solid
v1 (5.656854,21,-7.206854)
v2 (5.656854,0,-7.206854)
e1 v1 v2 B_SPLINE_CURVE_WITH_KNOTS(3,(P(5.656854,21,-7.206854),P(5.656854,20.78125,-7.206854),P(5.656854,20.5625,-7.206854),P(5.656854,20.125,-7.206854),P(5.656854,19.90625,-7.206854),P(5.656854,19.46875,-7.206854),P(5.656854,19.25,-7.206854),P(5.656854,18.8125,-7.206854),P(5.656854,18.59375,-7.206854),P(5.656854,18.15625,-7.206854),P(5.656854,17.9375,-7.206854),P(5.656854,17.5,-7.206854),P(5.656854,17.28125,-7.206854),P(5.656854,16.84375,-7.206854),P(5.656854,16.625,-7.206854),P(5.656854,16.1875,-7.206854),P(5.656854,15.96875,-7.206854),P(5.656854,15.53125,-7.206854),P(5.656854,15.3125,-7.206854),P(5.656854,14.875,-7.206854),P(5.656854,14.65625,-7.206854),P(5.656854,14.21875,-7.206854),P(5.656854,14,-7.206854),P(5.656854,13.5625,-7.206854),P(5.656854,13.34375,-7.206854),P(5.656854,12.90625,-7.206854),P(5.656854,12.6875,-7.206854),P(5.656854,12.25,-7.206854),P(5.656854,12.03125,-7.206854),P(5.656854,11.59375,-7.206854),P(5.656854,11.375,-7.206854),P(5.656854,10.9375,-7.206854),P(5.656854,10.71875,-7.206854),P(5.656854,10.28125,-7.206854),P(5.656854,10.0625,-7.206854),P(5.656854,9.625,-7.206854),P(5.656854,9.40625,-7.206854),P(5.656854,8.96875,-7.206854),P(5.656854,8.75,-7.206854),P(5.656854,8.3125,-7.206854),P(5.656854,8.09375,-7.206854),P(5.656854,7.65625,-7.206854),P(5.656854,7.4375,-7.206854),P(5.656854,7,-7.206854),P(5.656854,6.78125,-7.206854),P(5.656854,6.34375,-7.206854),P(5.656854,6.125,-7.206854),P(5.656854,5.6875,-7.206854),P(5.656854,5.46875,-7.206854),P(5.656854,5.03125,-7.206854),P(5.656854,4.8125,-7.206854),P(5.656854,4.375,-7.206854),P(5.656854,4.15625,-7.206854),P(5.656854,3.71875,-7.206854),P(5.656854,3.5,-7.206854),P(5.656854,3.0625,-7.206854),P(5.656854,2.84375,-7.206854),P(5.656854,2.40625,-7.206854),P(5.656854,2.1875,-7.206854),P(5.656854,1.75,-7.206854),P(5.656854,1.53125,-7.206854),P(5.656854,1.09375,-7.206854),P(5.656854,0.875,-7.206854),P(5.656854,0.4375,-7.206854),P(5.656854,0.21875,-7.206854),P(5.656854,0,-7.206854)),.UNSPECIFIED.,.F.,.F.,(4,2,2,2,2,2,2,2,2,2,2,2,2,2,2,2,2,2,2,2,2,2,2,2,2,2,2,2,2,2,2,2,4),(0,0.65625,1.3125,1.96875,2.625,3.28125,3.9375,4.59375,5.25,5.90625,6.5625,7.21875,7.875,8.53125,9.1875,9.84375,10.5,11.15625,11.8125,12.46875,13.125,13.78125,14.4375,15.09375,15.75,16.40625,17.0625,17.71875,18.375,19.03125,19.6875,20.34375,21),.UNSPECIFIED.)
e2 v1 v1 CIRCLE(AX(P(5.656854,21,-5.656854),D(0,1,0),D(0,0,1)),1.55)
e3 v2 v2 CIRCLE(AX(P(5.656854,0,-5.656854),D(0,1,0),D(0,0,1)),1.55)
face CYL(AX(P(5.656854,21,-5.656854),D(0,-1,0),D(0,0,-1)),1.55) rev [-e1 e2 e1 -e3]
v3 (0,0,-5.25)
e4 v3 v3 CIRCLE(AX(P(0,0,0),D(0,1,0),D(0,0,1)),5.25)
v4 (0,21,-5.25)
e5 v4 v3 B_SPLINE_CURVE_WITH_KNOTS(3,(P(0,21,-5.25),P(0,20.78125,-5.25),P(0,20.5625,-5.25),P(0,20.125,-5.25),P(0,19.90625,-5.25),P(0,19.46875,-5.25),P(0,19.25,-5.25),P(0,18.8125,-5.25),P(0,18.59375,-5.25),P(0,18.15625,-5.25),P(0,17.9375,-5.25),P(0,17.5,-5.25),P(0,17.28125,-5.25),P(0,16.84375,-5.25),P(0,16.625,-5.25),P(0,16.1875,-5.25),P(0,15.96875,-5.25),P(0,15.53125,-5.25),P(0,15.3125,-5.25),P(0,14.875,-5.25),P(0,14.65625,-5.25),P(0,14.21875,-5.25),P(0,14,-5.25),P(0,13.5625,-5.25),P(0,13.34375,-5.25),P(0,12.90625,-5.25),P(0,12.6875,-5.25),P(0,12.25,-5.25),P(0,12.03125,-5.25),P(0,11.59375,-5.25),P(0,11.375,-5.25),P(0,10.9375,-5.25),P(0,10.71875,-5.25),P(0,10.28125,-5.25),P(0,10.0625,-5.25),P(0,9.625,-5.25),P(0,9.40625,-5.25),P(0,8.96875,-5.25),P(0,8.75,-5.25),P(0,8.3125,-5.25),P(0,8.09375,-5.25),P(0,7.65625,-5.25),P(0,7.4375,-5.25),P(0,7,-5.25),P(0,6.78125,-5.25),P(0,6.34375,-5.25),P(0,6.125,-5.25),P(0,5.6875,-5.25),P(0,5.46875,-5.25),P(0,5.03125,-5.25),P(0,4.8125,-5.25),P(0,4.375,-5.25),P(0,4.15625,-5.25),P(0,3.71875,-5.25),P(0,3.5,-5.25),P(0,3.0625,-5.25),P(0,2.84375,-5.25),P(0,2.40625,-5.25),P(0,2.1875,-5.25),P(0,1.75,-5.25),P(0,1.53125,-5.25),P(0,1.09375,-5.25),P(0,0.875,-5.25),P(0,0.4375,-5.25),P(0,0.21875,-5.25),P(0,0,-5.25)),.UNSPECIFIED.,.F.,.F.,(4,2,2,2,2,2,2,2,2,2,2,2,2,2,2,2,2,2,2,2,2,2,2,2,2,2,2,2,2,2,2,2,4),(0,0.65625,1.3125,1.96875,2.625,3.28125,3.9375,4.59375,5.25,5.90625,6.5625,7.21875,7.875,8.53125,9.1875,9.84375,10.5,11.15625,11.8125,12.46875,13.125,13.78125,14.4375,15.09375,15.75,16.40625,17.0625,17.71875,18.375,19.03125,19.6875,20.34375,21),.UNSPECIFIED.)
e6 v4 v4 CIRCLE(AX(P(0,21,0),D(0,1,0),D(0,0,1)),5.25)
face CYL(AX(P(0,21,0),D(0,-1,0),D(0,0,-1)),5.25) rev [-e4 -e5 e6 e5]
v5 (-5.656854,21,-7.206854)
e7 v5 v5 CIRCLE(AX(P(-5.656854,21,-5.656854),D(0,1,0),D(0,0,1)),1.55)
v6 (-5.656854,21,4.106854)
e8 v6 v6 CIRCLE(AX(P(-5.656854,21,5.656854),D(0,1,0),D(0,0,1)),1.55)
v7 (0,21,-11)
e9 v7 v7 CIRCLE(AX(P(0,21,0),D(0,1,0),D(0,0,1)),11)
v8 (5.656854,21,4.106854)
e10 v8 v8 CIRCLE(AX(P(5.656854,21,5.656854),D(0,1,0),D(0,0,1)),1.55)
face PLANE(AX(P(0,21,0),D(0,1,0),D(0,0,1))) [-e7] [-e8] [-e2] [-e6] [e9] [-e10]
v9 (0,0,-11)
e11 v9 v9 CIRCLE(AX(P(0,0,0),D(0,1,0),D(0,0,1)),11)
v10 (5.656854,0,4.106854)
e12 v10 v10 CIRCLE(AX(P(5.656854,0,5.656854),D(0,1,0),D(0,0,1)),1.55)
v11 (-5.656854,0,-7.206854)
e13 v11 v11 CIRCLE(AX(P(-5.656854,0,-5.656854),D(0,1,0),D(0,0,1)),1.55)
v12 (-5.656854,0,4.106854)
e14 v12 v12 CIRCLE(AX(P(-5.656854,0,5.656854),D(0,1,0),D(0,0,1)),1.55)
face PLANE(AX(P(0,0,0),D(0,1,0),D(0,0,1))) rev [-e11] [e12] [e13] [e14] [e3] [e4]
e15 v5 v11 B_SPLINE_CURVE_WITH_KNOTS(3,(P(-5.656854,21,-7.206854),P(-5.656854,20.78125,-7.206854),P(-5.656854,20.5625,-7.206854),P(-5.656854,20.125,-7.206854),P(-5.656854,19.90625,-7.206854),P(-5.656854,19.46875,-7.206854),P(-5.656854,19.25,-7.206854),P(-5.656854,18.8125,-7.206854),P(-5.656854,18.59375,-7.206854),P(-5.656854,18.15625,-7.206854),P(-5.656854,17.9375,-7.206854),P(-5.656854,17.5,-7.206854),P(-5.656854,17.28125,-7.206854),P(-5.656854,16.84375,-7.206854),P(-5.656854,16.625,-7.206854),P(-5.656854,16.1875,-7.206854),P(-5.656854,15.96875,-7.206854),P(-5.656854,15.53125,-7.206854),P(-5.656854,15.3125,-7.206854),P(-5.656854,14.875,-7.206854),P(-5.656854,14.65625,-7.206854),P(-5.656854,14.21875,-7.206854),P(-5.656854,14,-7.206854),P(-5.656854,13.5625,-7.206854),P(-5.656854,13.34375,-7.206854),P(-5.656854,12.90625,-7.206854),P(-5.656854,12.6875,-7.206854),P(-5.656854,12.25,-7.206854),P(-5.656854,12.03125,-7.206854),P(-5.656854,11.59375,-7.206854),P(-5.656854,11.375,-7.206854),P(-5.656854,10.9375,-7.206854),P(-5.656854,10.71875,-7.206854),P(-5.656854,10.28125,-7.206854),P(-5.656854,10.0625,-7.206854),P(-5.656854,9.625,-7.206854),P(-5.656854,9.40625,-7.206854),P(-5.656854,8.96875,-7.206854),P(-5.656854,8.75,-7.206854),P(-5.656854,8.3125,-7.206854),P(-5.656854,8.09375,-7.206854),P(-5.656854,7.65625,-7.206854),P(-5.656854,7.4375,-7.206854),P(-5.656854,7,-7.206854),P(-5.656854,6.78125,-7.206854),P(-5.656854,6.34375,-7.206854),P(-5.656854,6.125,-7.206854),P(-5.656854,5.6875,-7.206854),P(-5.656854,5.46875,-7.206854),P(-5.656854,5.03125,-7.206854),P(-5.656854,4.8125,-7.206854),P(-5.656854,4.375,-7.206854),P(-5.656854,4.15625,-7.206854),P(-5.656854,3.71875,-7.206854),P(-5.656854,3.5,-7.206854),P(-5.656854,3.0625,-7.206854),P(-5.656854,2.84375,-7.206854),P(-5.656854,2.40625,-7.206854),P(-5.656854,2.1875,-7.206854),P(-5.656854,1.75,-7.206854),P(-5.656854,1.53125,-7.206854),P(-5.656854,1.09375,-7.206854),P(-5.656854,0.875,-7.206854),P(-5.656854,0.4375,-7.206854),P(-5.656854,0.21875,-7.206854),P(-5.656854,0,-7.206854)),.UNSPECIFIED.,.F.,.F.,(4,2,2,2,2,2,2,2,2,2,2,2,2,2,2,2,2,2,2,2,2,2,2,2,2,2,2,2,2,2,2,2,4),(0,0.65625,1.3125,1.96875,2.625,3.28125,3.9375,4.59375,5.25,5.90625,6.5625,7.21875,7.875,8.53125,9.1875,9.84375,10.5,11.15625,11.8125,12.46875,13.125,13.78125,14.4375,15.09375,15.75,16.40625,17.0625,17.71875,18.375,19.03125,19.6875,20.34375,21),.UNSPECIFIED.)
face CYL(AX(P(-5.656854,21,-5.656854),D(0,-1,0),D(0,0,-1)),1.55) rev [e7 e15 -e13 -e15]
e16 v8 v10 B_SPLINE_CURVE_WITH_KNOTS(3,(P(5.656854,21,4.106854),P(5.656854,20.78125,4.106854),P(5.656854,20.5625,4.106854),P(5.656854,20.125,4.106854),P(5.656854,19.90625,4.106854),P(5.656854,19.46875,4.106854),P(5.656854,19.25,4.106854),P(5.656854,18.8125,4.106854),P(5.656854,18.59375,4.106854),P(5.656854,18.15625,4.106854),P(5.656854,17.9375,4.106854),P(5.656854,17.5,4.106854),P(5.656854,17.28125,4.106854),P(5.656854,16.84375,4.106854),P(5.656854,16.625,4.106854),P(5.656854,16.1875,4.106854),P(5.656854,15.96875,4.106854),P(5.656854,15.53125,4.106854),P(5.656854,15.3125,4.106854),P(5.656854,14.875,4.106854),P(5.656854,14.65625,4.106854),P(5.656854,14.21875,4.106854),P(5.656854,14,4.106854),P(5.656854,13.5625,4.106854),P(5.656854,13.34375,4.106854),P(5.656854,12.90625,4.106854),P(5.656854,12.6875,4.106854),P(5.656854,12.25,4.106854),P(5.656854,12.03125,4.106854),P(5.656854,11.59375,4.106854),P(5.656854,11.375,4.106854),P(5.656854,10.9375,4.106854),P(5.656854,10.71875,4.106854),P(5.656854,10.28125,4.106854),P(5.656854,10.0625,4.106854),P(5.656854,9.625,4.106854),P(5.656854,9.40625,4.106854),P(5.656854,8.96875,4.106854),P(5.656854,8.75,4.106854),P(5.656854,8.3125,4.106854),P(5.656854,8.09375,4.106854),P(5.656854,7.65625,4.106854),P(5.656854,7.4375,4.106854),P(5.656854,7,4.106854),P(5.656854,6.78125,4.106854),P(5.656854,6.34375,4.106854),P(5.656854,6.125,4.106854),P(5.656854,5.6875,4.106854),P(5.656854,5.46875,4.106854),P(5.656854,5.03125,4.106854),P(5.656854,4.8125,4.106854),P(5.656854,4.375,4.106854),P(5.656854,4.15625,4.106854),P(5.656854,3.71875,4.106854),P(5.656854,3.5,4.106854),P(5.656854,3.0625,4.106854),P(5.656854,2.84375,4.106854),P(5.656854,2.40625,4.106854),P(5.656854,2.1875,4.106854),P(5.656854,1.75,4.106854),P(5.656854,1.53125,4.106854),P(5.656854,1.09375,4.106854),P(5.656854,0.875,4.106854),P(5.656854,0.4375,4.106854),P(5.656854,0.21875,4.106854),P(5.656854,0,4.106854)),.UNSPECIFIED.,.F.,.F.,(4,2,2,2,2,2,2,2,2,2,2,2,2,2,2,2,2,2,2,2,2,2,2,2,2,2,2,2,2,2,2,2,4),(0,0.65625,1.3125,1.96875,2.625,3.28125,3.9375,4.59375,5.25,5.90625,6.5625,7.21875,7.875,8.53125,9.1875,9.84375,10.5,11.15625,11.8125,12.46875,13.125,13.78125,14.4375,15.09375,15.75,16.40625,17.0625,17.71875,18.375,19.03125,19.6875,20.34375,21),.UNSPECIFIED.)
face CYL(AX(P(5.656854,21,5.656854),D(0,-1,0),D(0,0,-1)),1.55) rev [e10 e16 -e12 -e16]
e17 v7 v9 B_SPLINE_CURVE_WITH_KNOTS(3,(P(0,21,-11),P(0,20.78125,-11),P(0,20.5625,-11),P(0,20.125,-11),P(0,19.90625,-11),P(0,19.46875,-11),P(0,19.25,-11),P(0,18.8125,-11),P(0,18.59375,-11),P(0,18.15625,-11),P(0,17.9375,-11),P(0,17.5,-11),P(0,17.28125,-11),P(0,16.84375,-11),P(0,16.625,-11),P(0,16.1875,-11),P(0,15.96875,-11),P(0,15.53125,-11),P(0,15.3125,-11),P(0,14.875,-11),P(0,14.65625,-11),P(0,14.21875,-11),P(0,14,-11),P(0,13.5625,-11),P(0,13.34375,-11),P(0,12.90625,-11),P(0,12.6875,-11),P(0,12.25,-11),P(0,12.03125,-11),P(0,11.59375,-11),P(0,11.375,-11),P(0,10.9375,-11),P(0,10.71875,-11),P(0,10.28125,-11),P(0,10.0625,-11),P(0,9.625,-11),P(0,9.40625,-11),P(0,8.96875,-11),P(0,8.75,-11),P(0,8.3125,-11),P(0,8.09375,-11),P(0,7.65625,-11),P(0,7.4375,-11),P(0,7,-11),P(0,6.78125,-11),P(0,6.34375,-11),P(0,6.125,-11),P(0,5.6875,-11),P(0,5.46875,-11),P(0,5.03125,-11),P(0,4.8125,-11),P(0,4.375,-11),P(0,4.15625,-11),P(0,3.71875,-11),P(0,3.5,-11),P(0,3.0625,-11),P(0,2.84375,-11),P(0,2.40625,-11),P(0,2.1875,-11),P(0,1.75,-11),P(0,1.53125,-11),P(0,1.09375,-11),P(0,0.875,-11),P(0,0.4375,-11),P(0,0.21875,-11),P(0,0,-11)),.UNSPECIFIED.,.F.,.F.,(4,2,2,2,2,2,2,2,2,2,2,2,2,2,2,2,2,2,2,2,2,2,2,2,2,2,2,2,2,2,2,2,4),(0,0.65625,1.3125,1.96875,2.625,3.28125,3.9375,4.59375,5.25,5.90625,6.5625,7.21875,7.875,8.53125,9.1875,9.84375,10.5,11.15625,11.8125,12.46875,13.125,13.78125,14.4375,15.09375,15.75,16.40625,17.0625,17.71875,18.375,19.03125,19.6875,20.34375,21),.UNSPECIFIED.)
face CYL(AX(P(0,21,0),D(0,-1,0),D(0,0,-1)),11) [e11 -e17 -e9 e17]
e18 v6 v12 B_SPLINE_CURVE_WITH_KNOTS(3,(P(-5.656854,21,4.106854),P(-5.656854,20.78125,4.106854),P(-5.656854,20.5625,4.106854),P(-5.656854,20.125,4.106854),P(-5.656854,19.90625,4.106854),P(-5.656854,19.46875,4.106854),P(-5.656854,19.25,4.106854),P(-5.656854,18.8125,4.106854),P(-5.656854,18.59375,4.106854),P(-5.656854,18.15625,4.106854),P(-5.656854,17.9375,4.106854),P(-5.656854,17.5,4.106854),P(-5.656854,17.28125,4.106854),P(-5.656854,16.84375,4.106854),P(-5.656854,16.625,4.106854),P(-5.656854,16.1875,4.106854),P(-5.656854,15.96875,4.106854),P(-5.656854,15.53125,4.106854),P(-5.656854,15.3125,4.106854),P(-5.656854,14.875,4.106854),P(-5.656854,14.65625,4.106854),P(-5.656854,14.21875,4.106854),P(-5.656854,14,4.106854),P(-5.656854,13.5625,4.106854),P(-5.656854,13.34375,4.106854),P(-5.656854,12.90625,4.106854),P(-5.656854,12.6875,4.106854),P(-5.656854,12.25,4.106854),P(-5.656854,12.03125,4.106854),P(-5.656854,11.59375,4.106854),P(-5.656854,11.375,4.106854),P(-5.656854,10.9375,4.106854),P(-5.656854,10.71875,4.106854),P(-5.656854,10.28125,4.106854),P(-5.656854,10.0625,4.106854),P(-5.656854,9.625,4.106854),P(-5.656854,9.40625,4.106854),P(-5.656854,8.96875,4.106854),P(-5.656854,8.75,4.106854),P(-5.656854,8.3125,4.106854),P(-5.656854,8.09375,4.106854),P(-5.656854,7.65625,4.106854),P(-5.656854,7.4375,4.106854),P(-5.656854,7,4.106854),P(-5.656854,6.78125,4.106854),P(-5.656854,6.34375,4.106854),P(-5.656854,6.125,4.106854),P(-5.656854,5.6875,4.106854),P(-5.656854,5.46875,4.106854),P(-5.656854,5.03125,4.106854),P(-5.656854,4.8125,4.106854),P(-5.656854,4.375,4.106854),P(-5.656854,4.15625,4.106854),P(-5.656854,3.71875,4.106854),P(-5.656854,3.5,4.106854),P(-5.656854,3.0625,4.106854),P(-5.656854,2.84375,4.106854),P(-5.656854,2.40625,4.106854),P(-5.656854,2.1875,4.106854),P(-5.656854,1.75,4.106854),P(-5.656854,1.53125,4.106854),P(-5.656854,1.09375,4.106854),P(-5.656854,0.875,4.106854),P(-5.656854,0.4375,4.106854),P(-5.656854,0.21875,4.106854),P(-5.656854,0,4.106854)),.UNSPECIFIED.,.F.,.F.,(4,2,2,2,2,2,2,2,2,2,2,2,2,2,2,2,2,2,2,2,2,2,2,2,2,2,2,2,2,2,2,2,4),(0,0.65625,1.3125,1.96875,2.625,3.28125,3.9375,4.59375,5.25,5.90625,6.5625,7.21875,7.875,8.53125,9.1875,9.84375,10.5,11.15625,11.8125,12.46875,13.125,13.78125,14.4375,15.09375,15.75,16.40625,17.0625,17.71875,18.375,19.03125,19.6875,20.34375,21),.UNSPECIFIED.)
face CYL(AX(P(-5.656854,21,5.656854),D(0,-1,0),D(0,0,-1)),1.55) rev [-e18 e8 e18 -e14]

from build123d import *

# Parameters (mm, degrees)
CROQUIS1_R              = 11
CROQUIS1_R_2            = 5.25
CROQUIS1_R_3            = 1.55
SALIENTE_EXTRUIR1_DEPTH = 21


with BuildPart() as part:
    # Croquis1 → Saliente-Extruir1 (new body)
    with BuildSketch(Plane(origin=(0, 0, 0), x_dir=(1, 0, 0), z_dir=(0, 1, 0))):
        with Locations(Location((0, 0, 0), (0, 0, 90))):
            Circle(CROQUIS1_R)
        with Locations(Location((0, 0, 0), (0, 0, 90))):
            Circle(CROQUIS1_R_2, mode=Mode.SUBTRACT)
        with Locations(Location((5.656854249, 5.656854249, 0), (0, 0, 90))):
            Circle(CROQUIS1_R_3, mode=Mode.SUBTRACT)
        with Locations(Location((-5.656854249, 5.656854249, 0), (0, 0, 90))):
            Circle(CROQUIS1_R_3, mode=Mode.SUBTRACT)
        with Locations(Location((-5.656854249, -5.656854249, 0), (0, 0, 90))):
            Circle(CROQUIS1_R_3, mode=Mode.SUBTRACT)
        with Locations(Location((5.656854249, -5.656854249, 0), (0, 0, 90))):
            Circle(CROQUIS1_R_3, mode=Mode.SUBTRACT)
    extrude(amount=SALIENTE_EXTRUIR1_DEPTH)


solid = part.part
